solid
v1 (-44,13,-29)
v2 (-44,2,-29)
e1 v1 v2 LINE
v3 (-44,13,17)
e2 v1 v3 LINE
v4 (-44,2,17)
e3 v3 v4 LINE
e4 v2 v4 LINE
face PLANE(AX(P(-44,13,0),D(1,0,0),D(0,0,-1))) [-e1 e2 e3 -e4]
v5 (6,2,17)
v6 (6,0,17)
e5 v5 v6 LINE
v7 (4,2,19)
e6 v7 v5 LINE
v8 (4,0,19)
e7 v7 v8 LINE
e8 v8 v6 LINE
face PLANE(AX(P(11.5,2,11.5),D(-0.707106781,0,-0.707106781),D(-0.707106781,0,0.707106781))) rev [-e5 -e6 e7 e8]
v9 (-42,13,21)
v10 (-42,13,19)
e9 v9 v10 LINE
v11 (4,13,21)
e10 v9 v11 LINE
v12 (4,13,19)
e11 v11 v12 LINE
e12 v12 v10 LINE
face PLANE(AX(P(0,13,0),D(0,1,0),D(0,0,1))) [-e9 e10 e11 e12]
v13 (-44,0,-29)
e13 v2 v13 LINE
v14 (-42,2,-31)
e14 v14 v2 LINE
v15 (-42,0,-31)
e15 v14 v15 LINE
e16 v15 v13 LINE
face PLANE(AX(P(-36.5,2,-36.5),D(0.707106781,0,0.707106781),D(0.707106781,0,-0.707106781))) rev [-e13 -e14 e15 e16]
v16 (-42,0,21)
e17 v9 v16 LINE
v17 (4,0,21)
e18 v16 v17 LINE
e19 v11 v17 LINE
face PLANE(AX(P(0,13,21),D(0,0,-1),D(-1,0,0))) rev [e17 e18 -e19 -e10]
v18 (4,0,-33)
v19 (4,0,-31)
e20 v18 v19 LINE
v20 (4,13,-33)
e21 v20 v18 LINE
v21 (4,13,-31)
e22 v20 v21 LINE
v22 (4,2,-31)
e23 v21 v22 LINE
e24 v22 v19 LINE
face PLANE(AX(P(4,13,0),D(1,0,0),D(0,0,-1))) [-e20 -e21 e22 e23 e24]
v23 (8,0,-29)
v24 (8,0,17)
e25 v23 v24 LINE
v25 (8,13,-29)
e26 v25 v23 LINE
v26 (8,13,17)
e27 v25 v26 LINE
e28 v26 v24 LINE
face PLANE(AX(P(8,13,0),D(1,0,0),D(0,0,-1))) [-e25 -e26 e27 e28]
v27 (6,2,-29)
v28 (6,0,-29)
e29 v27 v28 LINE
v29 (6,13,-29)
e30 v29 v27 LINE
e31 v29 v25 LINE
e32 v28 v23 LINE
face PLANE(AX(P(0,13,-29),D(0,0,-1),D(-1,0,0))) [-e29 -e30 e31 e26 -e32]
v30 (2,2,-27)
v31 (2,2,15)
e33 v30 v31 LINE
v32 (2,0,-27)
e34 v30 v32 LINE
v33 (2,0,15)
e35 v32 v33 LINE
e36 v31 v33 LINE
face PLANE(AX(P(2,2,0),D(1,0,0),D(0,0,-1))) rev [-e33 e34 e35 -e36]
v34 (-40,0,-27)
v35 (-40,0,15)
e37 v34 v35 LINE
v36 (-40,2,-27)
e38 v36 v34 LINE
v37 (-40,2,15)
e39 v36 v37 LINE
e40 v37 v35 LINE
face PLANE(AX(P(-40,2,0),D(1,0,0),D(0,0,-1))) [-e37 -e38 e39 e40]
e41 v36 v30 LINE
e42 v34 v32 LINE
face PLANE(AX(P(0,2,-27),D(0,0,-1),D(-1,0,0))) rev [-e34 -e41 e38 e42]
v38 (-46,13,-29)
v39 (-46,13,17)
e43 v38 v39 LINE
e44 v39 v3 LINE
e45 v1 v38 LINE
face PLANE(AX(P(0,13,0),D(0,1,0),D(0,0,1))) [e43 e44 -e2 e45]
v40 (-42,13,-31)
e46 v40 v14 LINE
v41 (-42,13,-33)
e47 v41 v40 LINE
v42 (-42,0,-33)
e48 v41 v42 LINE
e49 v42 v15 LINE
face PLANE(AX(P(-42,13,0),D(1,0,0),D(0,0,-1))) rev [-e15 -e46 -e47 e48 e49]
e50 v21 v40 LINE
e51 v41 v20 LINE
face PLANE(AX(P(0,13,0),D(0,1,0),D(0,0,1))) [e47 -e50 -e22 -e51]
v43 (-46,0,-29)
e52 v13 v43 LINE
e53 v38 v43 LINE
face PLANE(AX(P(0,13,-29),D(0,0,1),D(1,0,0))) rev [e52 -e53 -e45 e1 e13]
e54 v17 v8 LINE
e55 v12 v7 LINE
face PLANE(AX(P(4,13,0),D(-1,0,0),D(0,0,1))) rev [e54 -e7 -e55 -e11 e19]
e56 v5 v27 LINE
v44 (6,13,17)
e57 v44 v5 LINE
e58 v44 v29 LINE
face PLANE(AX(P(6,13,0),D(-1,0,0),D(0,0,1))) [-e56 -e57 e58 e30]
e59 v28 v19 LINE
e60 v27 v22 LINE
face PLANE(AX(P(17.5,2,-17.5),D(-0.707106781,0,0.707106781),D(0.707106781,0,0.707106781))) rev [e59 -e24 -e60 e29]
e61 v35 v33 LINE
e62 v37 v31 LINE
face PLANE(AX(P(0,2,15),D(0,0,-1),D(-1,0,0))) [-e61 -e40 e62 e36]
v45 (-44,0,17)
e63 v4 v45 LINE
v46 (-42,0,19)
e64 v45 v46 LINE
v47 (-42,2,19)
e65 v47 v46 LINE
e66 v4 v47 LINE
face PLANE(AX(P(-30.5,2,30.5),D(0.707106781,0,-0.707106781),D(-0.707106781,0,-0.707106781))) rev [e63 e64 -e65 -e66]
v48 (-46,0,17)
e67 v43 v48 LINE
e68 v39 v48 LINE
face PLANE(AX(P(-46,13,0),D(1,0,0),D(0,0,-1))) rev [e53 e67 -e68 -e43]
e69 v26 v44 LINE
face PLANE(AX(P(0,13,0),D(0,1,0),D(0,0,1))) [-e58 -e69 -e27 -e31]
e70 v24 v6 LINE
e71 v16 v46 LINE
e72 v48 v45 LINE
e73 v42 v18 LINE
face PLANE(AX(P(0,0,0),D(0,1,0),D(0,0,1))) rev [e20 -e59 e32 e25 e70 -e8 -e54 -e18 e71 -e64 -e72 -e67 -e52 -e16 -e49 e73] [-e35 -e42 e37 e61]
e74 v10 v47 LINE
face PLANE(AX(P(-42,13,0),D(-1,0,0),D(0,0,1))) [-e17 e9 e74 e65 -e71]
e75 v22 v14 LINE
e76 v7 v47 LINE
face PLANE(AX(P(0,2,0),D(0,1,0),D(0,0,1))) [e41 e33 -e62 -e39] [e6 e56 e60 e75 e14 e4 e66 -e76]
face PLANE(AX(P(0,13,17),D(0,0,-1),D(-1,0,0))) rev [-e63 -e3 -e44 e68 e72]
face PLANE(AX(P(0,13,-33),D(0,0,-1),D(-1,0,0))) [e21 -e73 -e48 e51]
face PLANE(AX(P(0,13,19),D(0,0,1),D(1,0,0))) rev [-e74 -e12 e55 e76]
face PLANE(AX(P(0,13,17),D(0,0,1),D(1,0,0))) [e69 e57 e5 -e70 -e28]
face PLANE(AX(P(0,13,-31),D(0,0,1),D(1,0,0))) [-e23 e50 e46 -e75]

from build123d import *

# Parameters (mm, degrees)
SKETCH1_W           = 42
SKETCH1_H           = 42
BOSS_EXTRUDE3_DEPTH = 2
SKETCH1_26_W        = 46
SKETCH1_26_H        = 2
SKETCH1_26_W_2      = 2
SKETCH1_26_H_2      = 46
BOSS_EXTRUDE6_DEPTH = 13


with BuildPart() as part:
    # Sketch1 → Boss-Extrude3 (new body)
    with BuildSketch(Plane(origin=(0, 0, 0), x_dir=(1, 0, 0), z_dir=(0, 1, 0))):
        Polygon((4, 31), (-42, 31), (-44, 29), (-44, -17), (-42, -19), (4, -19), (6, -17), (6, 29), align=None)
        with Locations((-19, 6)):
            Rectangle(SKETCH1_W, SKETCH1_H, mode=Mode.SUBTRACT)
    extrude(amount=BOSS_EXTRUDE3_DEPTH)

    # Sketch1<26> → Boss-Extrude6 (add)
    with BuildSketch(Plane(origin=(0, 0, 0), x_dir=(1, 0, 0), z_dir=(0, 1, 0))):
        with Locations((-19, 32)):
            Rectangle(SKETCH1_26_W, SKETCH1_26_H)
        with Locations((-45, 6)):
            Rectangle(SKETCH1_26_W_2, SKETCH1_26_H_2)
        with Locations((7, 6)):
            Rectangle(SKETCH1_26_W_2, SKETCH1_26_H_2)
        with Locations((-19, -20)):
            Rectangle(SKETCH1_26_W, SKETCH1_26_H)
    extrude(amount=BOSS_EXTRUDE6_DEPTH)


solid = part.part
